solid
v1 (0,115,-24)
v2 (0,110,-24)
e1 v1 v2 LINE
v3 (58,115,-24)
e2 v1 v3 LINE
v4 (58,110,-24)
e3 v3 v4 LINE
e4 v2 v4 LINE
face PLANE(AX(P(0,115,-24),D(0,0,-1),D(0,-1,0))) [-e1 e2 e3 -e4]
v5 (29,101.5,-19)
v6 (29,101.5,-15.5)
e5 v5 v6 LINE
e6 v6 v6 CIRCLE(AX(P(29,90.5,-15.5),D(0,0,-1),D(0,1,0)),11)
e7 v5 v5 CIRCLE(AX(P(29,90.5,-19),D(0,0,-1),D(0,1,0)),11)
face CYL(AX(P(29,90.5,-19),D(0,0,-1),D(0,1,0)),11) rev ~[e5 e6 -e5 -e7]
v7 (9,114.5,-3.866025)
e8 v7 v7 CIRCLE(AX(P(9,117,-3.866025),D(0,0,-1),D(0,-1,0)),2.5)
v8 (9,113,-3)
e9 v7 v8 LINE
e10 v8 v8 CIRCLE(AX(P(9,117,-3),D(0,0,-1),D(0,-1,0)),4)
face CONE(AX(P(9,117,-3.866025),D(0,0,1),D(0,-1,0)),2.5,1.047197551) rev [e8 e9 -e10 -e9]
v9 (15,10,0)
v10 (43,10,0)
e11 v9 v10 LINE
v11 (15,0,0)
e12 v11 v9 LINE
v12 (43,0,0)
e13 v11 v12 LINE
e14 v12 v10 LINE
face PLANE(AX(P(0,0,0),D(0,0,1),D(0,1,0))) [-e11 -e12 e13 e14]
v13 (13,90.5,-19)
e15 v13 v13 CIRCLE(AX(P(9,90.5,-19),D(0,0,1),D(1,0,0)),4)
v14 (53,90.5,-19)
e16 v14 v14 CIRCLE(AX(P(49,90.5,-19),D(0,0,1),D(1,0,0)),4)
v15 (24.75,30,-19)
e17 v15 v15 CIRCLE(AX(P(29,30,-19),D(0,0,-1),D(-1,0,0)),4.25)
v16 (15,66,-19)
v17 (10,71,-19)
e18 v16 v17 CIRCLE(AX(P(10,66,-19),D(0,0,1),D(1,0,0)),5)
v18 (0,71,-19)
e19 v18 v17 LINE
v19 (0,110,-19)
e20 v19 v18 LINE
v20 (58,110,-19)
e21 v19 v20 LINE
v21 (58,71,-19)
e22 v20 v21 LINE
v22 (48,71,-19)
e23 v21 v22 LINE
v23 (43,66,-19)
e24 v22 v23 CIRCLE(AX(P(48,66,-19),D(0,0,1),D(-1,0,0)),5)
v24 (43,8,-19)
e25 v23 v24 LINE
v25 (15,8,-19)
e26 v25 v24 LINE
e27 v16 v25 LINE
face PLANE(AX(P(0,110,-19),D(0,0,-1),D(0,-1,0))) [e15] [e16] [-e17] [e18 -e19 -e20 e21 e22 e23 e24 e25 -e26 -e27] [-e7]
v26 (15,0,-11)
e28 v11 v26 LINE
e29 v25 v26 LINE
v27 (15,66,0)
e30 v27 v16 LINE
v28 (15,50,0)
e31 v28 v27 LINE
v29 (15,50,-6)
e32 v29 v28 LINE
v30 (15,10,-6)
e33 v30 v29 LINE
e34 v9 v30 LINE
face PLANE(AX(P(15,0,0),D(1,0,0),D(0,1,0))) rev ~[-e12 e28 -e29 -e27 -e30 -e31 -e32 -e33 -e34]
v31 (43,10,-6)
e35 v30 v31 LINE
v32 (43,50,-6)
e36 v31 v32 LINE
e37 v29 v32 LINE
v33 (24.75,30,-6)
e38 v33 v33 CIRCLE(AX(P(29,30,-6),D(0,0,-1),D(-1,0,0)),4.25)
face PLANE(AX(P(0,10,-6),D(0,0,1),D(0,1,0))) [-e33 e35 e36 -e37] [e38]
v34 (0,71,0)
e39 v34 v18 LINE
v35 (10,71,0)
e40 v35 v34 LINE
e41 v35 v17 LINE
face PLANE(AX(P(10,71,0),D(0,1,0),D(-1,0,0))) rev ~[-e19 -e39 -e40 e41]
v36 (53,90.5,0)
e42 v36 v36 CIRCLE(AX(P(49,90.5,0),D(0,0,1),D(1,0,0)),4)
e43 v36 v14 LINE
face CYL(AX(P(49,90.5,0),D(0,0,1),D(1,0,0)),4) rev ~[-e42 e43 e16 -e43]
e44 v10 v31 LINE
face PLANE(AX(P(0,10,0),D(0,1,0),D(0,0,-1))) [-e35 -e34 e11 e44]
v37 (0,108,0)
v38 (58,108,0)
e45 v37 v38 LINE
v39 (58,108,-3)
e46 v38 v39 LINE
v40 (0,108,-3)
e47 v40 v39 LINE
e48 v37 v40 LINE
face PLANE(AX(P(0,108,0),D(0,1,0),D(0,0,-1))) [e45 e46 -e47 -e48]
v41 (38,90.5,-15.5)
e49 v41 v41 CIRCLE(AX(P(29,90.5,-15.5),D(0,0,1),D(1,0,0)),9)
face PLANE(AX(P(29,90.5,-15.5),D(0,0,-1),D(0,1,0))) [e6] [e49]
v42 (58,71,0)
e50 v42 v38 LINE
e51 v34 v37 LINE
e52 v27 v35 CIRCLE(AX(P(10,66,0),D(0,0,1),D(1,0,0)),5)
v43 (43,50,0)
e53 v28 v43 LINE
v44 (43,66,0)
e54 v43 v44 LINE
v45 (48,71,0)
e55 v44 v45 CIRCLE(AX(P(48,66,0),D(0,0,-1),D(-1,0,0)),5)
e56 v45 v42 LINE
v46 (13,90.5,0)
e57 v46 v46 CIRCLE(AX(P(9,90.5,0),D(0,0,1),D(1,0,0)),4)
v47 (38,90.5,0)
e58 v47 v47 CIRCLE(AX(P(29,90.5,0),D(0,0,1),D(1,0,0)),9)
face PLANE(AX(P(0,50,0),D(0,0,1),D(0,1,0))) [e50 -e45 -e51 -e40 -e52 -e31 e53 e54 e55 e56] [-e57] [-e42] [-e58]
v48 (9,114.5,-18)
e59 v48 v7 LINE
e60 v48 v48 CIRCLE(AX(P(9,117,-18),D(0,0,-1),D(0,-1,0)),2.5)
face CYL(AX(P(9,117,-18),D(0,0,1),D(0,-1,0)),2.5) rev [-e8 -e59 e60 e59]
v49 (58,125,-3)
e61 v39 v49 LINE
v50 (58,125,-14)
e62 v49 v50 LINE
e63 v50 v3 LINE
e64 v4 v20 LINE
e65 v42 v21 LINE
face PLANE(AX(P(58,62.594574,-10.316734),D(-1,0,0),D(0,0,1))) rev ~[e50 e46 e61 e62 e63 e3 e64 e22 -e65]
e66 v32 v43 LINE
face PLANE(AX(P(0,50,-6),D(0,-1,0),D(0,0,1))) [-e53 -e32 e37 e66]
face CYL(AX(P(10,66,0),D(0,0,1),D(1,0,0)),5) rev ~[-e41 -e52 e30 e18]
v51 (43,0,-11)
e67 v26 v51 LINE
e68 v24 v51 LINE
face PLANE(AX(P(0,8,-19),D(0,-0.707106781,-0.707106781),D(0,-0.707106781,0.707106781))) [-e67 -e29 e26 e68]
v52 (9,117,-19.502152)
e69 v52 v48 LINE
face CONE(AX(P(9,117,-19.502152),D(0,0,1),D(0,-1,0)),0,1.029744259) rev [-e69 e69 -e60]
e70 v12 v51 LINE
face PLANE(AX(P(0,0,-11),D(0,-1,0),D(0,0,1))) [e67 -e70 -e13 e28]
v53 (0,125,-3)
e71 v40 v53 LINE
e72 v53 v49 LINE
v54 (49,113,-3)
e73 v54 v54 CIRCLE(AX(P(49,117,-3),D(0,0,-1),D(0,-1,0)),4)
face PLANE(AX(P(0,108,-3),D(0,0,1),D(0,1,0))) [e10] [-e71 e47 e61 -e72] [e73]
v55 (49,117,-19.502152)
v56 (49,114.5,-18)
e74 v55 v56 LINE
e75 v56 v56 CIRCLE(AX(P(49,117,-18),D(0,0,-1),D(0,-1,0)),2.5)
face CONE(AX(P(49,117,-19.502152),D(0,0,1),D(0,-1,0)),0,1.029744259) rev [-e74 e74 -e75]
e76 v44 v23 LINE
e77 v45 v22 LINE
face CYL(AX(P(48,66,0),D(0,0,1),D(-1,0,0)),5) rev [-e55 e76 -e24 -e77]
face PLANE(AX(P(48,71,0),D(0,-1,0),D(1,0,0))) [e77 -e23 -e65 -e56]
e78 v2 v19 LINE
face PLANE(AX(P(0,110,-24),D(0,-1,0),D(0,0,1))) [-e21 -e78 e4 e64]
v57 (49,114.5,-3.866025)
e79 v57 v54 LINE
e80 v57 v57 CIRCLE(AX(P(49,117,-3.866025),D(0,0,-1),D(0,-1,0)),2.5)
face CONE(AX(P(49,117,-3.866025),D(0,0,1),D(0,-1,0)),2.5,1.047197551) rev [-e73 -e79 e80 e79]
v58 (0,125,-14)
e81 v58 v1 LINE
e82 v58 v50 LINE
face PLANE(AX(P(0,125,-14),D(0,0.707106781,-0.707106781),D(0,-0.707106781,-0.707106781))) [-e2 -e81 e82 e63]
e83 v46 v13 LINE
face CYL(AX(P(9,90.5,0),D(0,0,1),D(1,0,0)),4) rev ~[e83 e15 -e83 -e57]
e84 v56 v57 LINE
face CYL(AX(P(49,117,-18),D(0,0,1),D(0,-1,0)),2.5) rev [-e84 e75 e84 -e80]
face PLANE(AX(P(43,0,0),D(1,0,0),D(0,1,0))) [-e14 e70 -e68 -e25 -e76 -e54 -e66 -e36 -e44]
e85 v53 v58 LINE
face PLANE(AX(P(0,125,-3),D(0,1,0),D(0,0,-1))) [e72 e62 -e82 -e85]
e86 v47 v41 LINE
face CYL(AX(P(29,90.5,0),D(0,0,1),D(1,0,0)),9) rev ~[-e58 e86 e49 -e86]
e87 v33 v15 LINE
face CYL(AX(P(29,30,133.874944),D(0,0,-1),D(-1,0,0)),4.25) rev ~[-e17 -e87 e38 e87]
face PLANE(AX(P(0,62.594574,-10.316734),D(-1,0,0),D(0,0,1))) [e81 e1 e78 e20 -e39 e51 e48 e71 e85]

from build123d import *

# Parameters (mm, degrees)
BOSS_EXTRU_1_DEPTH         = 58
ESQUISSE2_R                = 4
ESQUISSE2_R_2              = 9
ENL_V_MAT_EXTRU_1_DEPTH    = 140.874944147
ESQUISSE3_R                = 11
ENL_V_MAT_EXTRU_2_DEPTH    = 3.5
R_P_TITION_LIN_AIRE1_COUNT = 2
R_P_TITION_LIN_AIRE1_PITCH = 40
TROU_TARAUD_M101_D         = 8.5


with BuildPart() as part:
    # Esquisse1 → Boss.-Extru.1 (new body)
    with BuildSketch(Plane(origin=(0, 0, 0), x_dir=(0, 0, -1), z_dir=(1, 0, 0))):
        Polygon((0, 0), (0, 10), (6, 10), (6, 50), (0, 50), (0, 108), (3, 108), (3, 125), (14, 125), (24, 115), (24, 110), (19, 110), (19, 8), (11, 0), align=None)
    extrude(amount=BOSS_EXTRU_1_DEPTH)

    # Esquisse2 → Enlèv. mat.-Extru.1 (cut, through all)
    with BuildSketch(Plane.XY):
        with Locations((49, 90.5)):
            Circle(ESQUISSE2_R)
        with Locations((9, 90.5)):
            Circle(ESQUISSE2_R)
        with Locations((29, 90.5)):
            Circle(ESQUISSE2_R_2)
        with BuildLine():
            Line((58, 0), (43, 0))
            Line((43, 0), (43, 66))
            ThreePointArc((43, 66), (44.464466094, 69.535533906), (48, 71))
            Line((48, 71), (58, 71))
            Line((58, 71), (58, 0))
        make_face()
        with BuildLine():
            Line((15, 0), (15, 66))
            ThreePointArc((15, 66), (13.535533906, 69.535533906), (10, 71))
            Line((10, 71), (0, 71))
            Line((0, 71), (0, 0))
            Line((0, 0), (15, 0))
        make_face()
    extrude(amount=-ENL_V_MAT_EXTRU_1_DEPTH, mode=Mode.SUBTRACT)

    # Esquisse3 → Enlèv. mat.-Extru.2 (cut)
    with BuildSketch(Plane(origin=(0, 0, -19), x_dir=(-1, 0, 0), z_dir=(0, 0, -1))):
        with Locations(Location((-29, 90.5, 0), (0, 0, 90))):
            Circle(ESQUISSE3_R)
    extrude(amount=-ENL_V_MAT_EXTRU_2_DEPTH, mode=Mode.SUBTRACT)

    # Esquisse5 → Trou taraudé M61 (revolve, cut)
    with BuildSketch(Plane(origin=(49, 117, -3), x_dir=(0, -1, 0), z_dir=(1, 0, 0))):
        Polygon((0, 0), (0, 16.502151548), (2.5, 15), (2.5, 0.866025404), (4, 0), align=None)
    trou_taraud_m61 = revolve(axis=Axis((49, 117, 3.35), (0, 0, -1)), mode=Mode.SUBTRACT)

    # Répétition linéaire1: Trou taraudé M61 ×2
    with Locations(*[(-i * R_P_TITION_LIN_AIRE1_PITCH, 0, 0) for i in range(1, R_P_TITION_LIN_AIRE1_COUNT)]):
        add(trou_taraud_m61, mode=Mode.SUBTRACT)

    # Trou taraudé M101 (through all)
    with Locations(Plane.XY.offset(-6)):
        with Locations((29, 30)):
            Hole(TROU_TARAUD_M101_D / 2)


solid = part.part
